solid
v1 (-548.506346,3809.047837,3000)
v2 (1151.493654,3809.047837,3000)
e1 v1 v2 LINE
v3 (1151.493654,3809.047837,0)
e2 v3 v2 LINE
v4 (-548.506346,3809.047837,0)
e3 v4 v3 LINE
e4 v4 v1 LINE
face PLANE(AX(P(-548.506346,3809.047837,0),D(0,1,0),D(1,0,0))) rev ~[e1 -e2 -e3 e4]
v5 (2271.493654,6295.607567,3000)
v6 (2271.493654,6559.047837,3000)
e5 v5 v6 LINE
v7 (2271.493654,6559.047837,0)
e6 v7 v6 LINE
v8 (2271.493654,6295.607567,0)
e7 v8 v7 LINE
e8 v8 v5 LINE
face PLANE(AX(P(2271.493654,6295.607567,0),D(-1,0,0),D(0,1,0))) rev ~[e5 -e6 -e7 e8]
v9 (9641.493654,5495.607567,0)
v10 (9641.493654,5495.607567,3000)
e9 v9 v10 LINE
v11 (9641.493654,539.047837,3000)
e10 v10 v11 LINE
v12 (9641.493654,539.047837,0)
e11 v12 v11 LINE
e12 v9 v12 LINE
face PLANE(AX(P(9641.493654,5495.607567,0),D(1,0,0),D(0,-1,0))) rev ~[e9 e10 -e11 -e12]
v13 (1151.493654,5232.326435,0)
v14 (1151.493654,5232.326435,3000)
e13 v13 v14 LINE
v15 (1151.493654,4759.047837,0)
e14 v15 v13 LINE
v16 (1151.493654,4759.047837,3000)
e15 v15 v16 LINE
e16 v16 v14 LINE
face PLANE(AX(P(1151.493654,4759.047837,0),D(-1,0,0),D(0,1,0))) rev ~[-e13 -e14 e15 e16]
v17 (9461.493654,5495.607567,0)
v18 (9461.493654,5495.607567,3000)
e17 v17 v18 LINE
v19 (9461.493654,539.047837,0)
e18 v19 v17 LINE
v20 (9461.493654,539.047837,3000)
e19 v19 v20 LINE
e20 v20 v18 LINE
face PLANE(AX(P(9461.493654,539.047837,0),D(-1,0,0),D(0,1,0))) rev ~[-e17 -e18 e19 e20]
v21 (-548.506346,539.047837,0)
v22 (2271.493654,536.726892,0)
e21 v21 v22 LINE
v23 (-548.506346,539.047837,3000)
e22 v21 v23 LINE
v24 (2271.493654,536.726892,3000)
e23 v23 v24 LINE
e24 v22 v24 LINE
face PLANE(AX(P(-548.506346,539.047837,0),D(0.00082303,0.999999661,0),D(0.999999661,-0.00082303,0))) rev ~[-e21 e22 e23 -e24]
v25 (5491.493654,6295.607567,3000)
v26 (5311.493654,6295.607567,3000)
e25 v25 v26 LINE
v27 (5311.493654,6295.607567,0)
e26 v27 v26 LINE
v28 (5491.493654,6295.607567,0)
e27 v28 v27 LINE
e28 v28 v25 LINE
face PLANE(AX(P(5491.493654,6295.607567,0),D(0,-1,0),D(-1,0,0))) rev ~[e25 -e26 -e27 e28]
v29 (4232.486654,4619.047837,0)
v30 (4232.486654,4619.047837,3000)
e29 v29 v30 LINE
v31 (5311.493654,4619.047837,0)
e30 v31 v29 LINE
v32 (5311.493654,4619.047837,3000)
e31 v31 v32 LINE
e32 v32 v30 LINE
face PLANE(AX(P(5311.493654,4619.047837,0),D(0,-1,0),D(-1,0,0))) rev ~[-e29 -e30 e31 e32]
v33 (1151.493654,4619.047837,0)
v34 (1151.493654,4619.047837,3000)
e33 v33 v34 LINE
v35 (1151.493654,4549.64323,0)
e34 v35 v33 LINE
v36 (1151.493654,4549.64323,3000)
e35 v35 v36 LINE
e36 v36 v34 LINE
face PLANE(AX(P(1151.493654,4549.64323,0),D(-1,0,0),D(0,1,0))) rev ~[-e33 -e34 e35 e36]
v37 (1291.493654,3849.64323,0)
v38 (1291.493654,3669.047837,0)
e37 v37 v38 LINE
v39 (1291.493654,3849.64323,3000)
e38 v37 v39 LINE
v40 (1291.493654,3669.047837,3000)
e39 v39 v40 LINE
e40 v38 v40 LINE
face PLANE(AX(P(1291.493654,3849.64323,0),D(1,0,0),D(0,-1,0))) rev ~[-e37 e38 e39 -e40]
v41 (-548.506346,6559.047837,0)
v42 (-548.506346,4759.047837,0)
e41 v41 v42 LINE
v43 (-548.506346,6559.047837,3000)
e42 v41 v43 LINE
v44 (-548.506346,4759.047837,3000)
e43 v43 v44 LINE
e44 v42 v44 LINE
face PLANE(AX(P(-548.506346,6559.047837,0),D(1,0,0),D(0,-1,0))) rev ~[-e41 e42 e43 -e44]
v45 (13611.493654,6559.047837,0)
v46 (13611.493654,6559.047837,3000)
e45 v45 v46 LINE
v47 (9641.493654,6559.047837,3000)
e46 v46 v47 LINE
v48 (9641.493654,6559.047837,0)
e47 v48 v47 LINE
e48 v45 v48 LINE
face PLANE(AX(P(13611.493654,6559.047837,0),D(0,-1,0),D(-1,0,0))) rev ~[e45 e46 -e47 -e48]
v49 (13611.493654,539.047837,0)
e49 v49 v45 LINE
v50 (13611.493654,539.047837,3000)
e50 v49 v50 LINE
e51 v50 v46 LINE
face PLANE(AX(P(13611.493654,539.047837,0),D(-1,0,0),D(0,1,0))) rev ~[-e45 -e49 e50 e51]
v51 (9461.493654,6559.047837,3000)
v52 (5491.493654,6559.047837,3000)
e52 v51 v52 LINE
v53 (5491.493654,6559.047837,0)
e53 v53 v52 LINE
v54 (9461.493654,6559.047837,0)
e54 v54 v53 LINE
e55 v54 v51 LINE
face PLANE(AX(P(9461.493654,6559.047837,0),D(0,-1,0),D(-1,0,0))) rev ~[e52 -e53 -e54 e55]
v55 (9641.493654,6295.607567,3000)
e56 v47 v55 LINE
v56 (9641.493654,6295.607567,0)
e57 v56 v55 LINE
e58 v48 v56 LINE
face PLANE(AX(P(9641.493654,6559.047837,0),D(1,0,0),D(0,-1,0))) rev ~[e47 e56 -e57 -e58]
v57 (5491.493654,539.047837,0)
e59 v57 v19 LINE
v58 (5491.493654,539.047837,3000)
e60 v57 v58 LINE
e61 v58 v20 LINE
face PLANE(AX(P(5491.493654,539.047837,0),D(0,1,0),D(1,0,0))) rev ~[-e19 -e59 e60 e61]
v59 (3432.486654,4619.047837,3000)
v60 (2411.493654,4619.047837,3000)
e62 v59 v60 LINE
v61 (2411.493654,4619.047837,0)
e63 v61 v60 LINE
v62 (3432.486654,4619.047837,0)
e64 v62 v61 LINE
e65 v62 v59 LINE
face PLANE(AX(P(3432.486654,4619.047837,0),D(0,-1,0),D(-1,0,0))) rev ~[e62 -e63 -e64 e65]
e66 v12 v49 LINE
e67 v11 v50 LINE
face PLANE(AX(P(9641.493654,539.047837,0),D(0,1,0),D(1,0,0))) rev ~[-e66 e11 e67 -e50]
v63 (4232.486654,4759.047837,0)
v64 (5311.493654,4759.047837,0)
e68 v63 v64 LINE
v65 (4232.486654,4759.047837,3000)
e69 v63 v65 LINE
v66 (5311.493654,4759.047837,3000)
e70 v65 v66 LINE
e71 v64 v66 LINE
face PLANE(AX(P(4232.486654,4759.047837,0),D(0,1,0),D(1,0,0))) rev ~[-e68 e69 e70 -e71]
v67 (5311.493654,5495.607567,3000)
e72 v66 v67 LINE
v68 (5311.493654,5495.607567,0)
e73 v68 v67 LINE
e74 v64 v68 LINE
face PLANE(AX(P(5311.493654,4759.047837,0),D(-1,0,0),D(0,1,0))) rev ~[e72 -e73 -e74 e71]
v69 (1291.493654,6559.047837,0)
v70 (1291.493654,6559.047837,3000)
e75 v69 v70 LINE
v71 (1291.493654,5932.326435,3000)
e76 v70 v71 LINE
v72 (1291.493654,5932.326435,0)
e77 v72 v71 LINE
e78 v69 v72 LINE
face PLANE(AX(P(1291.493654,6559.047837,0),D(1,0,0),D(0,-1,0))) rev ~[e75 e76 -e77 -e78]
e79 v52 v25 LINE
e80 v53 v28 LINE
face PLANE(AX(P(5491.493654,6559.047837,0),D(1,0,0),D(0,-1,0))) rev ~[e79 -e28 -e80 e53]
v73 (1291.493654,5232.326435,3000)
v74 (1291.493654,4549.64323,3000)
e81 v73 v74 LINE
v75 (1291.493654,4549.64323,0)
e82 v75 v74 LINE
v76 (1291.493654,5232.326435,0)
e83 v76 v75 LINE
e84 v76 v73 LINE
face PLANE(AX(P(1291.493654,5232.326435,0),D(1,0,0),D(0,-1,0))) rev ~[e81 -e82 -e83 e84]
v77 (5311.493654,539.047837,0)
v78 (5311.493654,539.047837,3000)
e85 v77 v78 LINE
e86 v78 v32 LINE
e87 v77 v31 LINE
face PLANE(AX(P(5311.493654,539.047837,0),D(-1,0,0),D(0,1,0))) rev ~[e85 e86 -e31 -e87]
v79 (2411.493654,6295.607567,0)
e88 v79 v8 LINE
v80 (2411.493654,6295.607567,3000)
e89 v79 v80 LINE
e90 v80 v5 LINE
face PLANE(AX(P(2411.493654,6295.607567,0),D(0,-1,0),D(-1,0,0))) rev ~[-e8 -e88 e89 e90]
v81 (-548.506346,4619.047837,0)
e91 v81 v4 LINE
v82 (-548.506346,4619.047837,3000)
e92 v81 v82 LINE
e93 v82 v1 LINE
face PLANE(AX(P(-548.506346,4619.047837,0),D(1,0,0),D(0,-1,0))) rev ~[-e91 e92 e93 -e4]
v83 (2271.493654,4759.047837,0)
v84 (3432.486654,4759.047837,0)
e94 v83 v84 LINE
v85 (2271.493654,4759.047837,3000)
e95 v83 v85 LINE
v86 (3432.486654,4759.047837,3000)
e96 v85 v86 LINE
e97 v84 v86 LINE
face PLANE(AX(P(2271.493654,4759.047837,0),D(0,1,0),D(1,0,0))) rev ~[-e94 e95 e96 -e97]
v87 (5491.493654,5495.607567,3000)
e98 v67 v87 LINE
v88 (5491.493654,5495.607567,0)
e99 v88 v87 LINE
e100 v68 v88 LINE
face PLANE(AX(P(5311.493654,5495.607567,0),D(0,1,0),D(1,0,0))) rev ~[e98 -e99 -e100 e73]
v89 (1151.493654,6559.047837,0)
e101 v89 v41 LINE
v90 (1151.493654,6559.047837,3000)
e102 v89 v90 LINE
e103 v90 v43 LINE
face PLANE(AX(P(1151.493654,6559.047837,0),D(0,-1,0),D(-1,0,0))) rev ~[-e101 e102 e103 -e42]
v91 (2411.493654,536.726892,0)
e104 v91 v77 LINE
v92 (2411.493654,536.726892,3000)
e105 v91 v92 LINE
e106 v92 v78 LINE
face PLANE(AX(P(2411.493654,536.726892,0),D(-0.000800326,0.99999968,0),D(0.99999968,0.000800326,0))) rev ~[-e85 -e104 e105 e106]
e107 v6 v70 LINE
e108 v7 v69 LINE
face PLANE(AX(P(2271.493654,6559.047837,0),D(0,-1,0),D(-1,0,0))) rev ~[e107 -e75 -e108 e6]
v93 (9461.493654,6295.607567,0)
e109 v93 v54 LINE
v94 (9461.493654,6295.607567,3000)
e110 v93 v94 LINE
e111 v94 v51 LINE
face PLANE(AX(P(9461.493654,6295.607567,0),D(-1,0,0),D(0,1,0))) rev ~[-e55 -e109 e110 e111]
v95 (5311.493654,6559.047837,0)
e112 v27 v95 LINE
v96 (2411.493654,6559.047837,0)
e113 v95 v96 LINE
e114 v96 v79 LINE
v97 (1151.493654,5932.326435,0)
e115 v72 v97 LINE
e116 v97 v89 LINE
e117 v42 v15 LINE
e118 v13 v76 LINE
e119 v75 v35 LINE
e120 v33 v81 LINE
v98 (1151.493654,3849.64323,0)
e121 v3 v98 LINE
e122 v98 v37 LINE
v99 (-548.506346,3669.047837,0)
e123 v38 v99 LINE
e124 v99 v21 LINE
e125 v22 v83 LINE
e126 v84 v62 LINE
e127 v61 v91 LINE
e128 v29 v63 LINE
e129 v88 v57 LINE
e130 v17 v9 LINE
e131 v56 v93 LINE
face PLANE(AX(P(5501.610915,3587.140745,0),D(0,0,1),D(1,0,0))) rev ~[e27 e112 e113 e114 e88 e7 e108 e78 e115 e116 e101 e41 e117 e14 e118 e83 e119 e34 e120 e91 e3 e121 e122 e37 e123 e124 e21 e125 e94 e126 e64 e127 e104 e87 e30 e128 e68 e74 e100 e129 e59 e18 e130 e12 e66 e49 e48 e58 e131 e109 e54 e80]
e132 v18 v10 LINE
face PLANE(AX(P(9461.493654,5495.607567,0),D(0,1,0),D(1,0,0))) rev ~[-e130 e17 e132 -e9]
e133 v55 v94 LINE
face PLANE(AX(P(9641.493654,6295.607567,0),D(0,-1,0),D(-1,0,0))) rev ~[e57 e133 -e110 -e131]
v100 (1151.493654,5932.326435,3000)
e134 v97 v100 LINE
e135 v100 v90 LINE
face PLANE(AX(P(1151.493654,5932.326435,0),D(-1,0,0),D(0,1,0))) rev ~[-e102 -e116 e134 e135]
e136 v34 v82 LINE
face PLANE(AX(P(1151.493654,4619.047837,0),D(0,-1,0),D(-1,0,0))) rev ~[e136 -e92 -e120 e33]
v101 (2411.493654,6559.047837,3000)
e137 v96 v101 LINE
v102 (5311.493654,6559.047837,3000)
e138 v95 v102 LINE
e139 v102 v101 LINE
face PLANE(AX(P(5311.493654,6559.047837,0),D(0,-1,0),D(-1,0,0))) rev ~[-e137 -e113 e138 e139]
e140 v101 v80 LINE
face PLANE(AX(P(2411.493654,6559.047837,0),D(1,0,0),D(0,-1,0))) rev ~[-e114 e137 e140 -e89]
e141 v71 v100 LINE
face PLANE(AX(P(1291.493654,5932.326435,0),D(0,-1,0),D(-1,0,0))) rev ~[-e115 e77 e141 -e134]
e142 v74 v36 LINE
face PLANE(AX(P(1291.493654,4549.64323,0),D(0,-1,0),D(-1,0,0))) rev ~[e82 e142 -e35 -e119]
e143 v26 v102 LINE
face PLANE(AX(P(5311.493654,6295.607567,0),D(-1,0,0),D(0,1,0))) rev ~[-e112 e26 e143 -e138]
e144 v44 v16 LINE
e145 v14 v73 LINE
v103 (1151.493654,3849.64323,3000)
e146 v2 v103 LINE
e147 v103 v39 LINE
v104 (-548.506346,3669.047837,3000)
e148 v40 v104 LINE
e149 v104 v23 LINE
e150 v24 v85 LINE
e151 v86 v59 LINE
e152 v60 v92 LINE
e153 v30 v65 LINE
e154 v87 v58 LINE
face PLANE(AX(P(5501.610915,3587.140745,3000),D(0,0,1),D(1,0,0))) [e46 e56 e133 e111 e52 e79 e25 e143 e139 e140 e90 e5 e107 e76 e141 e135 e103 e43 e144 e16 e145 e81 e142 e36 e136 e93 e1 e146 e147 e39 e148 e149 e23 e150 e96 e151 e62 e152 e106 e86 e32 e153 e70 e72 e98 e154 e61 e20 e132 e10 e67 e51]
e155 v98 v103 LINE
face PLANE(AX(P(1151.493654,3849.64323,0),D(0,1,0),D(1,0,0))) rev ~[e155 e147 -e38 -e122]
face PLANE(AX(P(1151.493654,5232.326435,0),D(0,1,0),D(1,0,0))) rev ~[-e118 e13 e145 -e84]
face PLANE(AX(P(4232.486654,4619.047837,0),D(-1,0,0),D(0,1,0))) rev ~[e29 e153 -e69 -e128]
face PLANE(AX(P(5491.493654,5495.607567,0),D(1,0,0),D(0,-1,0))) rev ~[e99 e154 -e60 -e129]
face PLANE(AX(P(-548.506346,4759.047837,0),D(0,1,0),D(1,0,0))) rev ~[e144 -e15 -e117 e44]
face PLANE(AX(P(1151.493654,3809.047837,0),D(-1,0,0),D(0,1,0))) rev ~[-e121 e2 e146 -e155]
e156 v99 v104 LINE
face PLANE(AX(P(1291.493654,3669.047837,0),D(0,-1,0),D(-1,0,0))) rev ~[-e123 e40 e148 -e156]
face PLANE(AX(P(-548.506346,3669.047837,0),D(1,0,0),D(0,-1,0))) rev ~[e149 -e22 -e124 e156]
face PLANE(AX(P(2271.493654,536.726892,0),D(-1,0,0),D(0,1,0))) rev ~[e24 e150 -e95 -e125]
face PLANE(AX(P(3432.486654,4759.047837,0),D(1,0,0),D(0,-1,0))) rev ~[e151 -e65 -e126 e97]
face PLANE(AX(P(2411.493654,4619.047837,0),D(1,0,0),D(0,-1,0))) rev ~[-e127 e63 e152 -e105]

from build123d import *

# Parameters (mm, degrees)
F1_DEPTH = 3000


with BuildPart() as f1:
    # F0 (on Top) → F1 (new body)
    with BuildSketch(Plane.XY):
        Polygon((-548.506346, 3669.047837), (-548.506346, 539.047837), (2271.493654, 536.726892), (2271.493654, 4759.047837), (3432.486654, 4759.047837), (3432.486654, 4619.047837), (2411.493654, 4619.047837), (2411.493654, 536.726892), (5311.493654, 539.047837), (5311.493654, 4619.047837), (4232.486654, 4619.047837), (4232.486654, 4759.047837), (5311.493654, 4759.047837), (5311.493654, 5495.607567), (5491.493654, 5495.607567), (5491.493654, 539.047837), (9461.493654, 539.047837), (9461.493654, 5495.607567), (9641.493654, 5495.607567), (9641.493654, 539.047837), (13611.493654, 539.047837), (13611.493654, 6559.047837), (9641.493654, 6559.047837), (9641.493654, 6295.607567), (9461.493654, 6295.607567), (9461.493654, 6559.047837), (5491.493654, 6559.047837), (5491.493654, 6295.607567), (5311.493654, 6295.607567), (5311.493654, 6559.047837), (2411.493654, 6559.047837), (2411.493654, 6295.607567), (2271.493654, 6295.607567), (2271.493654, 6559.047837), (1291.493654, 6559.047837), (1291.493654, 5932.326435), (1151.493654, 5932.326435), (1151.493654, 6559.047837), (-548.506346, 6559.047837), (-548.506346, 4759.047837), (1151.493654, 4759.047837), (1151.493654, 5232.326435), (1291.493654, 5232.326435), (1291.493654, 4619.047837), (1291.493654, 4549.64323), (1151.493654, 4549.64323), (1151.493654, 4619.047837), (-548.506346, 4619.047837), (-548.506346, 3809.047837), (1151.493654, 3809.047837), (1151.493654, 3849.64323), (1291.493654, 3849.64323), (1291.493654, 3669.047837), align=None)
    extrude(amount=F1_DEPTH)


solid = f1.part
